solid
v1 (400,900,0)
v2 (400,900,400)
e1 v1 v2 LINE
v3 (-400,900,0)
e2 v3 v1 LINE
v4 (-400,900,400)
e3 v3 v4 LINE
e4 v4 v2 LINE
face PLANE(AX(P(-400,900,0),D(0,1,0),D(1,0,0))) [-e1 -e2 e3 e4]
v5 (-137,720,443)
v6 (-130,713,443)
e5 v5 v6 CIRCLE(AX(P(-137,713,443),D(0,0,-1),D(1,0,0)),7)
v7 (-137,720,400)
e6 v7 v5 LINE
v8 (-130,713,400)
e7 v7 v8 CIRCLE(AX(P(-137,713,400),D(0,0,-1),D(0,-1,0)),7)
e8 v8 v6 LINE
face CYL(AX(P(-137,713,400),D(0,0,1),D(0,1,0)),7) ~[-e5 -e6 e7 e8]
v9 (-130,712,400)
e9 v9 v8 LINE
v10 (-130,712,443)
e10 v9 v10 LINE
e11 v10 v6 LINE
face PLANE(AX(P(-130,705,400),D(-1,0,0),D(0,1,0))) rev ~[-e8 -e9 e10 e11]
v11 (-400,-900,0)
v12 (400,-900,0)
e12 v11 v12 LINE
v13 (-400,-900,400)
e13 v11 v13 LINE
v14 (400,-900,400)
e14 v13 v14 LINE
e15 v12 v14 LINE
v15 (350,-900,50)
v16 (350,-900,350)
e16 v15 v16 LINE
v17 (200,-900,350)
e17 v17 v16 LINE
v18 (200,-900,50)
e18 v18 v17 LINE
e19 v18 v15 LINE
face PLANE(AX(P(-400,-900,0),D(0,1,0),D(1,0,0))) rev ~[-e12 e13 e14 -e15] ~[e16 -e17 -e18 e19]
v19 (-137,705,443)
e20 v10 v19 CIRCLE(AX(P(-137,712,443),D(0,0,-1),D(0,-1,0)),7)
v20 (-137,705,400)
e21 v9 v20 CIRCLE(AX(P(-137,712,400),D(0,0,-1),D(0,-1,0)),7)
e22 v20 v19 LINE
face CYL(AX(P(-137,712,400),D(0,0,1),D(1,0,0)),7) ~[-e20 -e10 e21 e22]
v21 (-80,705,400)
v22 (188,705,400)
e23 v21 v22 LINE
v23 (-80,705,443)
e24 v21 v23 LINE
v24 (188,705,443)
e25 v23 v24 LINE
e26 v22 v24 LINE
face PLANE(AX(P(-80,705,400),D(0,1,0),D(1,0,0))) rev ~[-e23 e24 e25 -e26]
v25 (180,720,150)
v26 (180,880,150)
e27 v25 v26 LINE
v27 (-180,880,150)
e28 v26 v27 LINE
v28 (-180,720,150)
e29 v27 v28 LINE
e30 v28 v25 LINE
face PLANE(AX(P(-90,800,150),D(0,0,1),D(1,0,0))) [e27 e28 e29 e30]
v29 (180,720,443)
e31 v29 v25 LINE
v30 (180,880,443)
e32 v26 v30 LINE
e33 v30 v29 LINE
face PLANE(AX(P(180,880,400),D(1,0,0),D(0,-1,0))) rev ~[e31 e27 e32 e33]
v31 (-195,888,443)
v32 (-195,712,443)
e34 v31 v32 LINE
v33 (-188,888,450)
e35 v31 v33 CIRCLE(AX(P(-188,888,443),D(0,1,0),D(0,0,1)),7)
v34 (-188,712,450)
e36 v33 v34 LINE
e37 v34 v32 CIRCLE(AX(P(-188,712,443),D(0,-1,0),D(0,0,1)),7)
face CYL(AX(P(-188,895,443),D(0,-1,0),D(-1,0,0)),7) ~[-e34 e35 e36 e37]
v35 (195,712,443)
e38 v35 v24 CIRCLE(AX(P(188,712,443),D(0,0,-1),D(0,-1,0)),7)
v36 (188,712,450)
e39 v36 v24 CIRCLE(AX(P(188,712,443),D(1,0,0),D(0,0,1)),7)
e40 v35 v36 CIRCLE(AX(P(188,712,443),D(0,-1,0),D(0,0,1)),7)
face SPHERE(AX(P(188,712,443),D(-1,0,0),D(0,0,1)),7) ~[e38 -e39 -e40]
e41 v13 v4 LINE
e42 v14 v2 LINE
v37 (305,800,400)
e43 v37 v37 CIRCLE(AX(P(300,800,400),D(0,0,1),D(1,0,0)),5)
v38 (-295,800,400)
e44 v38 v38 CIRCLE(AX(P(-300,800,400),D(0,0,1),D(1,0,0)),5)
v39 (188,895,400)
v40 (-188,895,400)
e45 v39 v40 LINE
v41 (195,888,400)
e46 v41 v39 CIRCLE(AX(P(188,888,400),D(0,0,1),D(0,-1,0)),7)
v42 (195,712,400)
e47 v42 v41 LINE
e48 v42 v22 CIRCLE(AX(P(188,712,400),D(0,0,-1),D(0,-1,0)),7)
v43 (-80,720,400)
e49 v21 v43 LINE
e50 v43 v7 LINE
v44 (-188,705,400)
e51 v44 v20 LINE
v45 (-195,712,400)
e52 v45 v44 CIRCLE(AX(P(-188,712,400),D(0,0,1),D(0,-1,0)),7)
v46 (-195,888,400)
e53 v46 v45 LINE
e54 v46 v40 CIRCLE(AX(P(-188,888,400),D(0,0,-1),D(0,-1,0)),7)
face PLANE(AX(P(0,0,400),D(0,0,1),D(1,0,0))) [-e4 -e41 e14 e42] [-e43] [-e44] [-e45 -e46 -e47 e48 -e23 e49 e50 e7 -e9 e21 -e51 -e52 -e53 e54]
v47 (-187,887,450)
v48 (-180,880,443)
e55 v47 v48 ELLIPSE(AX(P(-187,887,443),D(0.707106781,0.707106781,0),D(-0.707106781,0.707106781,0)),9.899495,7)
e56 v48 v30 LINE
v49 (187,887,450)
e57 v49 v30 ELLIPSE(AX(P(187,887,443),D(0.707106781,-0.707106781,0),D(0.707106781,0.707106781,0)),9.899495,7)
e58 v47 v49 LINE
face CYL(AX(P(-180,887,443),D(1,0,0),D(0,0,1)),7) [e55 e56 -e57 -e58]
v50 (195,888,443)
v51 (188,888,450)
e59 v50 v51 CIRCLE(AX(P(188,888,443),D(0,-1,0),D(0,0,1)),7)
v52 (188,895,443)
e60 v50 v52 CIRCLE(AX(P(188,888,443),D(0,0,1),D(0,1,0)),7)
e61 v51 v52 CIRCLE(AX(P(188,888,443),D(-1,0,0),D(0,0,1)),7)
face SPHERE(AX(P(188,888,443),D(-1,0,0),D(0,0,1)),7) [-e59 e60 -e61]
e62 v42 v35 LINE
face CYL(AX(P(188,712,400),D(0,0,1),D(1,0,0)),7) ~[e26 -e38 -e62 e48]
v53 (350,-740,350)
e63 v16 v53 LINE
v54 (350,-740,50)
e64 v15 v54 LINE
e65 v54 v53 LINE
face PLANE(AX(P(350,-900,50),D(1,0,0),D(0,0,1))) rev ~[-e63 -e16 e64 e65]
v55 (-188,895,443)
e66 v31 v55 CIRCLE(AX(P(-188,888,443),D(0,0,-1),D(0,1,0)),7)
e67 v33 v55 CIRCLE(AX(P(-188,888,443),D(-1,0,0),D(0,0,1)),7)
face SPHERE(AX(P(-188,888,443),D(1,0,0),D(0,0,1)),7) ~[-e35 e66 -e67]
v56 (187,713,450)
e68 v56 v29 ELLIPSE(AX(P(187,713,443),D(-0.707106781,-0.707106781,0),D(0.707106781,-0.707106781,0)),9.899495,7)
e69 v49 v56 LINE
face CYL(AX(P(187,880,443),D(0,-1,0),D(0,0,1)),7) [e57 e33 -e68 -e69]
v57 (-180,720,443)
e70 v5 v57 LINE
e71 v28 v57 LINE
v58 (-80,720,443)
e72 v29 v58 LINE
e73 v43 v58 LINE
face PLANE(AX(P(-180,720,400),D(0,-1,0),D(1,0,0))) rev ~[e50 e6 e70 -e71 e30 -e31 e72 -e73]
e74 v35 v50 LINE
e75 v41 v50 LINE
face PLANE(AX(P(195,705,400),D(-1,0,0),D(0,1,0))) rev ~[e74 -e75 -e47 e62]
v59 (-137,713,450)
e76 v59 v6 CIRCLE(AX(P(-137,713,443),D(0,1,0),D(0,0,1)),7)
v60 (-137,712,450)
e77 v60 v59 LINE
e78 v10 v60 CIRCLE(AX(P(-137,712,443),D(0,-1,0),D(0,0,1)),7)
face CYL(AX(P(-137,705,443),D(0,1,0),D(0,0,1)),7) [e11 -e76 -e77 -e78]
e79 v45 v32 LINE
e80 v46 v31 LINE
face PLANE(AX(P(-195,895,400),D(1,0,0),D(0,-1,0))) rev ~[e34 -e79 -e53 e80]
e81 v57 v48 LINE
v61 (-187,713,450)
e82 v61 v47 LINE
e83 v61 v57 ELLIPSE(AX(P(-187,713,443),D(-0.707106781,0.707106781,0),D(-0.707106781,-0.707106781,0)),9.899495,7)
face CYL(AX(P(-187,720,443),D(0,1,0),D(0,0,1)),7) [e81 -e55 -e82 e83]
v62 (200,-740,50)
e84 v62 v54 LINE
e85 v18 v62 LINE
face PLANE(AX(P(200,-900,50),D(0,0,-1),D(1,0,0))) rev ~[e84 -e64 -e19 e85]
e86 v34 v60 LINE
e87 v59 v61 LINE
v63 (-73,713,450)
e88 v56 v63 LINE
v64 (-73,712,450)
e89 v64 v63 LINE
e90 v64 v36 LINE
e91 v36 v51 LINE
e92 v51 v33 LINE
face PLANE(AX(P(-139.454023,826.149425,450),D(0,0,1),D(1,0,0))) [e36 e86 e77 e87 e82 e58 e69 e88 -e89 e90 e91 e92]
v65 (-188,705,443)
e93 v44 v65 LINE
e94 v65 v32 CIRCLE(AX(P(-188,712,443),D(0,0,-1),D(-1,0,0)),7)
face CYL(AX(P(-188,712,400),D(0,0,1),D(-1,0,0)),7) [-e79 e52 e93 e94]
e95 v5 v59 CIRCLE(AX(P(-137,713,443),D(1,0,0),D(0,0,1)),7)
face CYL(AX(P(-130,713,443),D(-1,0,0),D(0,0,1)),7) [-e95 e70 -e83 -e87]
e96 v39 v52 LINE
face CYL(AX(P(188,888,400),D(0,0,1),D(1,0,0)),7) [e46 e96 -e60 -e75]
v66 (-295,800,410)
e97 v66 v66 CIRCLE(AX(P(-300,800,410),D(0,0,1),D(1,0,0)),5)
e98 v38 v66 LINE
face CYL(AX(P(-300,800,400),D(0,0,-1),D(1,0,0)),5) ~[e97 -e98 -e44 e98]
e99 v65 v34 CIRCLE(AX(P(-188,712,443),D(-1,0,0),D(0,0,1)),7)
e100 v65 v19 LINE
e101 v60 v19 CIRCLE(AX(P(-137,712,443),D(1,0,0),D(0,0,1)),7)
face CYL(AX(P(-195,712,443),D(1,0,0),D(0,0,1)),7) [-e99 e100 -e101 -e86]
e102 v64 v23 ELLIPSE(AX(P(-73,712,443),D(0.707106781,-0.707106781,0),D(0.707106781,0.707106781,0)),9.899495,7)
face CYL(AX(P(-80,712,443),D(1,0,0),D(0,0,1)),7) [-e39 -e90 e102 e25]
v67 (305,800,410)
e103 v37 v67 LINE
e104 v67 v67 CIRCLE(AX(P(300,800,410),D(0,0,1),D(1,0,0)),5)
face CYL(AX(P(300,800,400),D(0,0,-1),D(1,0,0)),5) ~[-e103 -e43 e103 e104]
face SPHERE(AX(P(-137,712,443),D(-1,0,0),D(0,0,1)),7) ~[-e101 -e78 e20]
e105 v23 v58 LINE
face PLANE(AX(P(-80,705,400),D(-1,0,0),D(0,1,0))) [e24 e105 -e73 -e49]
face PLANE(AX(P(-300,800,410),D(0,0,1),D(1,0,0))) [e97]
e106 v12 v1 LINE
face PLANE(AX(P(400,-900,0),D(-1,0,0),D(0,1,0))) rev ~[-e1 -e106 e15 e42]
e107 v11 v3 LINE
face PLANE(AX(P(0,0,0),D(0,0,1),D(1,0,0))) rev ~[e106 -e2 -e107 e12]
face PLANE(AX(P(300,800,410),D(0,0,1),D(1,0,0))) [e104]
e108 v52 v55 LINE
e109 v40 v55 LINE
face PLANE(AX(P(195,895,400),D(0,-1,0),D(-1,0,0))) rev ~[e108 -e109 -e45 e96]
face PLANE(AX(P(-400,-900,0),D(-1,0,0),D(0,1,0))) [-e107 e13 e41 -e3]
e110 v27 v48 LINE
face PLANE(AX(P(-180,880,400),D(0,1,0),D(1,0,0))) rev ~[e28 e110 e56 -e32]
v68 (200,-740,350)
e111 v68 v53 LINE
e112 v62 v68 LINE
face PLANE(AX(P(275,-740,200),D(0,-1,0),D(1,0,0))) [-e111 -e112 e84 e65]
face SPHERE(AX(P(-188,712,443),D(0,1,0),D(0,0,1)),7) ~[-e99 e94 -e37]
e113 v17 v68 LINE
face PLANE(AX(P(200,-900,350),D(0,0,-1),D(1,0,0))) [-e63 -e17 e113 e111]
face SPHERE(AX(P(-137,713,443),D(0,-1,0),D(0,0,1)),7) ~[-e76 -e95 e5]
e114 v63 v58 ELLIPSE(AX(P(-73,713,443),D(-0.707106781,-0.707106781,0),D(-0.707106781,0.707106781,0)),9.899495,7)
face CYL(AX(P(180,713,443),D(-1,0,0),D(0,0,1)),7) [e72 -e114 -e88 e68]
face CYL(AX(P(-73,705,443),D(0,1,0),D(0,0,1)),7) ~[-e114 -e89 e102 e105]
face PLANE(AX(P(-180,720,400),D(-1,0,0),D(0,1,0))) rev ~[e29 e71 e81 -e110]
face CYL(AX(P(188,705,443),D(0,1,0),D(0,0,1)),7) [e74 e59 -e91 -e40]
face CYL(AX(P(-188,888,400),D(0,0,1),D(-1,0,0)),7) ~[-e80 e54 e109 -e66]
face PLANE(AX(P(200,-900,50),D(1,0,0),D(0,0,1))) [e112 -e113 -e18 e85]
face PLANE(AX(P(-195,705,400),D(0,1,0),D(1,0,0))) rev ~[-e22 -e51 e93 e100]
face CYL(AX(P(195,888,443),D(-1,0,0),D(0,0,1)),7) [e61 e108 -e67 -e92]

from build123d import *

# Parameters (mm, degrees)
F0_W     = 800
F0_H     = 1800
F1_DEPTH = 400
F2_W     = 180
F2_H     = 160
F3_DEPTH = 250
F2_W_2   = 80
F2_H_2   = 15
F4_DEPTH = 50
F5_R     = 7
F2_R     = 5
F6_DEPTH = 10
F7_W     = 150
F7_H     = 300
F8_DEPTH = 160


with BuildPart() as f1:
    # F0 (on Top) → F1 (new body)
    with BuildSketch(Plane.XY):
        Rectangle(F0_W, F0_H)
    extrude(amount=F1_DEPTH)

    # F2 (on face) → F3 (cut)
    with BuildSketch(Plane.XY.offset(400)):
        Polygon((0, 720), (0, 880), (-180, 880), (-180, 720), (-130, 720), (-80, 720), align=None)
        with Locations((90, 800)):
            Rectangle(F2_W, F2_H)
    extrude(amount=-F3_DEPTH, mode=Mode.SUBTRACT)

    # F2 (on face) → F4 (join)
    with BuildSketch(Plane.XY.offset(400)):
        Polygon((0, 880), (0, 895), (-195, 895), (-195, 705), (-130, 705), (-130, 720), (-180, 720), (-180, 880), align=None)
        Polygon((195, 895), (0, 895), (0, 880), (180, 880), (180, 720), (0, 720), (0, 705), (195, 705), align=None)
        with Locations((-40, 712.5)):
            Rectangle(F2_W_2, F2_H_2)
    extrude(amount=F4_DEPTH)

    # F5
    f5_edges = [f1.edges().sort_by_distance(p)[0] for p in [
        (0, 895, 450),
        (-195, 800, 450),
        (-162.5, 705, 450),
        (-130, 712.5, 450),
        (-155, 720, 450),
        (-180, 800, 450),
        (0, 880, 450),
        (180, 800, 450),
        (50, 720, 450),
        (-80, 712.5, 450),
        (57.5, 705, 450),
        (195, 800, 450),
        (-130, 705, 425),
        (-130, 720, 425),
        (-195, 705, 425),
        (195, 705, 425),
        (195, 895, 425),
        (-195, 895, 425),
    ]]
    fillet(f5_edges, radius=F5_R)

    # F2 (on face) → F6 (join)
    with BuildSketch(Plane.XY.offset(400)):
        with Locations((-300, 800)):
            Circle(F2_R)
        with Locations((300, 800)):
            Circle(F2_R)
    extrude(amount=F6_DEPTH)

    # F7 (on face) → F8 (cut)
    with BuildSketch(Plane.XZ.offset(900)):
        with Locations((275, 200)):
            Rectangle(F7_W, F7_H)
    extrude(amount=-F8_DEPTH, mode=Mode.SUBTRACT)


solid = f1.part
